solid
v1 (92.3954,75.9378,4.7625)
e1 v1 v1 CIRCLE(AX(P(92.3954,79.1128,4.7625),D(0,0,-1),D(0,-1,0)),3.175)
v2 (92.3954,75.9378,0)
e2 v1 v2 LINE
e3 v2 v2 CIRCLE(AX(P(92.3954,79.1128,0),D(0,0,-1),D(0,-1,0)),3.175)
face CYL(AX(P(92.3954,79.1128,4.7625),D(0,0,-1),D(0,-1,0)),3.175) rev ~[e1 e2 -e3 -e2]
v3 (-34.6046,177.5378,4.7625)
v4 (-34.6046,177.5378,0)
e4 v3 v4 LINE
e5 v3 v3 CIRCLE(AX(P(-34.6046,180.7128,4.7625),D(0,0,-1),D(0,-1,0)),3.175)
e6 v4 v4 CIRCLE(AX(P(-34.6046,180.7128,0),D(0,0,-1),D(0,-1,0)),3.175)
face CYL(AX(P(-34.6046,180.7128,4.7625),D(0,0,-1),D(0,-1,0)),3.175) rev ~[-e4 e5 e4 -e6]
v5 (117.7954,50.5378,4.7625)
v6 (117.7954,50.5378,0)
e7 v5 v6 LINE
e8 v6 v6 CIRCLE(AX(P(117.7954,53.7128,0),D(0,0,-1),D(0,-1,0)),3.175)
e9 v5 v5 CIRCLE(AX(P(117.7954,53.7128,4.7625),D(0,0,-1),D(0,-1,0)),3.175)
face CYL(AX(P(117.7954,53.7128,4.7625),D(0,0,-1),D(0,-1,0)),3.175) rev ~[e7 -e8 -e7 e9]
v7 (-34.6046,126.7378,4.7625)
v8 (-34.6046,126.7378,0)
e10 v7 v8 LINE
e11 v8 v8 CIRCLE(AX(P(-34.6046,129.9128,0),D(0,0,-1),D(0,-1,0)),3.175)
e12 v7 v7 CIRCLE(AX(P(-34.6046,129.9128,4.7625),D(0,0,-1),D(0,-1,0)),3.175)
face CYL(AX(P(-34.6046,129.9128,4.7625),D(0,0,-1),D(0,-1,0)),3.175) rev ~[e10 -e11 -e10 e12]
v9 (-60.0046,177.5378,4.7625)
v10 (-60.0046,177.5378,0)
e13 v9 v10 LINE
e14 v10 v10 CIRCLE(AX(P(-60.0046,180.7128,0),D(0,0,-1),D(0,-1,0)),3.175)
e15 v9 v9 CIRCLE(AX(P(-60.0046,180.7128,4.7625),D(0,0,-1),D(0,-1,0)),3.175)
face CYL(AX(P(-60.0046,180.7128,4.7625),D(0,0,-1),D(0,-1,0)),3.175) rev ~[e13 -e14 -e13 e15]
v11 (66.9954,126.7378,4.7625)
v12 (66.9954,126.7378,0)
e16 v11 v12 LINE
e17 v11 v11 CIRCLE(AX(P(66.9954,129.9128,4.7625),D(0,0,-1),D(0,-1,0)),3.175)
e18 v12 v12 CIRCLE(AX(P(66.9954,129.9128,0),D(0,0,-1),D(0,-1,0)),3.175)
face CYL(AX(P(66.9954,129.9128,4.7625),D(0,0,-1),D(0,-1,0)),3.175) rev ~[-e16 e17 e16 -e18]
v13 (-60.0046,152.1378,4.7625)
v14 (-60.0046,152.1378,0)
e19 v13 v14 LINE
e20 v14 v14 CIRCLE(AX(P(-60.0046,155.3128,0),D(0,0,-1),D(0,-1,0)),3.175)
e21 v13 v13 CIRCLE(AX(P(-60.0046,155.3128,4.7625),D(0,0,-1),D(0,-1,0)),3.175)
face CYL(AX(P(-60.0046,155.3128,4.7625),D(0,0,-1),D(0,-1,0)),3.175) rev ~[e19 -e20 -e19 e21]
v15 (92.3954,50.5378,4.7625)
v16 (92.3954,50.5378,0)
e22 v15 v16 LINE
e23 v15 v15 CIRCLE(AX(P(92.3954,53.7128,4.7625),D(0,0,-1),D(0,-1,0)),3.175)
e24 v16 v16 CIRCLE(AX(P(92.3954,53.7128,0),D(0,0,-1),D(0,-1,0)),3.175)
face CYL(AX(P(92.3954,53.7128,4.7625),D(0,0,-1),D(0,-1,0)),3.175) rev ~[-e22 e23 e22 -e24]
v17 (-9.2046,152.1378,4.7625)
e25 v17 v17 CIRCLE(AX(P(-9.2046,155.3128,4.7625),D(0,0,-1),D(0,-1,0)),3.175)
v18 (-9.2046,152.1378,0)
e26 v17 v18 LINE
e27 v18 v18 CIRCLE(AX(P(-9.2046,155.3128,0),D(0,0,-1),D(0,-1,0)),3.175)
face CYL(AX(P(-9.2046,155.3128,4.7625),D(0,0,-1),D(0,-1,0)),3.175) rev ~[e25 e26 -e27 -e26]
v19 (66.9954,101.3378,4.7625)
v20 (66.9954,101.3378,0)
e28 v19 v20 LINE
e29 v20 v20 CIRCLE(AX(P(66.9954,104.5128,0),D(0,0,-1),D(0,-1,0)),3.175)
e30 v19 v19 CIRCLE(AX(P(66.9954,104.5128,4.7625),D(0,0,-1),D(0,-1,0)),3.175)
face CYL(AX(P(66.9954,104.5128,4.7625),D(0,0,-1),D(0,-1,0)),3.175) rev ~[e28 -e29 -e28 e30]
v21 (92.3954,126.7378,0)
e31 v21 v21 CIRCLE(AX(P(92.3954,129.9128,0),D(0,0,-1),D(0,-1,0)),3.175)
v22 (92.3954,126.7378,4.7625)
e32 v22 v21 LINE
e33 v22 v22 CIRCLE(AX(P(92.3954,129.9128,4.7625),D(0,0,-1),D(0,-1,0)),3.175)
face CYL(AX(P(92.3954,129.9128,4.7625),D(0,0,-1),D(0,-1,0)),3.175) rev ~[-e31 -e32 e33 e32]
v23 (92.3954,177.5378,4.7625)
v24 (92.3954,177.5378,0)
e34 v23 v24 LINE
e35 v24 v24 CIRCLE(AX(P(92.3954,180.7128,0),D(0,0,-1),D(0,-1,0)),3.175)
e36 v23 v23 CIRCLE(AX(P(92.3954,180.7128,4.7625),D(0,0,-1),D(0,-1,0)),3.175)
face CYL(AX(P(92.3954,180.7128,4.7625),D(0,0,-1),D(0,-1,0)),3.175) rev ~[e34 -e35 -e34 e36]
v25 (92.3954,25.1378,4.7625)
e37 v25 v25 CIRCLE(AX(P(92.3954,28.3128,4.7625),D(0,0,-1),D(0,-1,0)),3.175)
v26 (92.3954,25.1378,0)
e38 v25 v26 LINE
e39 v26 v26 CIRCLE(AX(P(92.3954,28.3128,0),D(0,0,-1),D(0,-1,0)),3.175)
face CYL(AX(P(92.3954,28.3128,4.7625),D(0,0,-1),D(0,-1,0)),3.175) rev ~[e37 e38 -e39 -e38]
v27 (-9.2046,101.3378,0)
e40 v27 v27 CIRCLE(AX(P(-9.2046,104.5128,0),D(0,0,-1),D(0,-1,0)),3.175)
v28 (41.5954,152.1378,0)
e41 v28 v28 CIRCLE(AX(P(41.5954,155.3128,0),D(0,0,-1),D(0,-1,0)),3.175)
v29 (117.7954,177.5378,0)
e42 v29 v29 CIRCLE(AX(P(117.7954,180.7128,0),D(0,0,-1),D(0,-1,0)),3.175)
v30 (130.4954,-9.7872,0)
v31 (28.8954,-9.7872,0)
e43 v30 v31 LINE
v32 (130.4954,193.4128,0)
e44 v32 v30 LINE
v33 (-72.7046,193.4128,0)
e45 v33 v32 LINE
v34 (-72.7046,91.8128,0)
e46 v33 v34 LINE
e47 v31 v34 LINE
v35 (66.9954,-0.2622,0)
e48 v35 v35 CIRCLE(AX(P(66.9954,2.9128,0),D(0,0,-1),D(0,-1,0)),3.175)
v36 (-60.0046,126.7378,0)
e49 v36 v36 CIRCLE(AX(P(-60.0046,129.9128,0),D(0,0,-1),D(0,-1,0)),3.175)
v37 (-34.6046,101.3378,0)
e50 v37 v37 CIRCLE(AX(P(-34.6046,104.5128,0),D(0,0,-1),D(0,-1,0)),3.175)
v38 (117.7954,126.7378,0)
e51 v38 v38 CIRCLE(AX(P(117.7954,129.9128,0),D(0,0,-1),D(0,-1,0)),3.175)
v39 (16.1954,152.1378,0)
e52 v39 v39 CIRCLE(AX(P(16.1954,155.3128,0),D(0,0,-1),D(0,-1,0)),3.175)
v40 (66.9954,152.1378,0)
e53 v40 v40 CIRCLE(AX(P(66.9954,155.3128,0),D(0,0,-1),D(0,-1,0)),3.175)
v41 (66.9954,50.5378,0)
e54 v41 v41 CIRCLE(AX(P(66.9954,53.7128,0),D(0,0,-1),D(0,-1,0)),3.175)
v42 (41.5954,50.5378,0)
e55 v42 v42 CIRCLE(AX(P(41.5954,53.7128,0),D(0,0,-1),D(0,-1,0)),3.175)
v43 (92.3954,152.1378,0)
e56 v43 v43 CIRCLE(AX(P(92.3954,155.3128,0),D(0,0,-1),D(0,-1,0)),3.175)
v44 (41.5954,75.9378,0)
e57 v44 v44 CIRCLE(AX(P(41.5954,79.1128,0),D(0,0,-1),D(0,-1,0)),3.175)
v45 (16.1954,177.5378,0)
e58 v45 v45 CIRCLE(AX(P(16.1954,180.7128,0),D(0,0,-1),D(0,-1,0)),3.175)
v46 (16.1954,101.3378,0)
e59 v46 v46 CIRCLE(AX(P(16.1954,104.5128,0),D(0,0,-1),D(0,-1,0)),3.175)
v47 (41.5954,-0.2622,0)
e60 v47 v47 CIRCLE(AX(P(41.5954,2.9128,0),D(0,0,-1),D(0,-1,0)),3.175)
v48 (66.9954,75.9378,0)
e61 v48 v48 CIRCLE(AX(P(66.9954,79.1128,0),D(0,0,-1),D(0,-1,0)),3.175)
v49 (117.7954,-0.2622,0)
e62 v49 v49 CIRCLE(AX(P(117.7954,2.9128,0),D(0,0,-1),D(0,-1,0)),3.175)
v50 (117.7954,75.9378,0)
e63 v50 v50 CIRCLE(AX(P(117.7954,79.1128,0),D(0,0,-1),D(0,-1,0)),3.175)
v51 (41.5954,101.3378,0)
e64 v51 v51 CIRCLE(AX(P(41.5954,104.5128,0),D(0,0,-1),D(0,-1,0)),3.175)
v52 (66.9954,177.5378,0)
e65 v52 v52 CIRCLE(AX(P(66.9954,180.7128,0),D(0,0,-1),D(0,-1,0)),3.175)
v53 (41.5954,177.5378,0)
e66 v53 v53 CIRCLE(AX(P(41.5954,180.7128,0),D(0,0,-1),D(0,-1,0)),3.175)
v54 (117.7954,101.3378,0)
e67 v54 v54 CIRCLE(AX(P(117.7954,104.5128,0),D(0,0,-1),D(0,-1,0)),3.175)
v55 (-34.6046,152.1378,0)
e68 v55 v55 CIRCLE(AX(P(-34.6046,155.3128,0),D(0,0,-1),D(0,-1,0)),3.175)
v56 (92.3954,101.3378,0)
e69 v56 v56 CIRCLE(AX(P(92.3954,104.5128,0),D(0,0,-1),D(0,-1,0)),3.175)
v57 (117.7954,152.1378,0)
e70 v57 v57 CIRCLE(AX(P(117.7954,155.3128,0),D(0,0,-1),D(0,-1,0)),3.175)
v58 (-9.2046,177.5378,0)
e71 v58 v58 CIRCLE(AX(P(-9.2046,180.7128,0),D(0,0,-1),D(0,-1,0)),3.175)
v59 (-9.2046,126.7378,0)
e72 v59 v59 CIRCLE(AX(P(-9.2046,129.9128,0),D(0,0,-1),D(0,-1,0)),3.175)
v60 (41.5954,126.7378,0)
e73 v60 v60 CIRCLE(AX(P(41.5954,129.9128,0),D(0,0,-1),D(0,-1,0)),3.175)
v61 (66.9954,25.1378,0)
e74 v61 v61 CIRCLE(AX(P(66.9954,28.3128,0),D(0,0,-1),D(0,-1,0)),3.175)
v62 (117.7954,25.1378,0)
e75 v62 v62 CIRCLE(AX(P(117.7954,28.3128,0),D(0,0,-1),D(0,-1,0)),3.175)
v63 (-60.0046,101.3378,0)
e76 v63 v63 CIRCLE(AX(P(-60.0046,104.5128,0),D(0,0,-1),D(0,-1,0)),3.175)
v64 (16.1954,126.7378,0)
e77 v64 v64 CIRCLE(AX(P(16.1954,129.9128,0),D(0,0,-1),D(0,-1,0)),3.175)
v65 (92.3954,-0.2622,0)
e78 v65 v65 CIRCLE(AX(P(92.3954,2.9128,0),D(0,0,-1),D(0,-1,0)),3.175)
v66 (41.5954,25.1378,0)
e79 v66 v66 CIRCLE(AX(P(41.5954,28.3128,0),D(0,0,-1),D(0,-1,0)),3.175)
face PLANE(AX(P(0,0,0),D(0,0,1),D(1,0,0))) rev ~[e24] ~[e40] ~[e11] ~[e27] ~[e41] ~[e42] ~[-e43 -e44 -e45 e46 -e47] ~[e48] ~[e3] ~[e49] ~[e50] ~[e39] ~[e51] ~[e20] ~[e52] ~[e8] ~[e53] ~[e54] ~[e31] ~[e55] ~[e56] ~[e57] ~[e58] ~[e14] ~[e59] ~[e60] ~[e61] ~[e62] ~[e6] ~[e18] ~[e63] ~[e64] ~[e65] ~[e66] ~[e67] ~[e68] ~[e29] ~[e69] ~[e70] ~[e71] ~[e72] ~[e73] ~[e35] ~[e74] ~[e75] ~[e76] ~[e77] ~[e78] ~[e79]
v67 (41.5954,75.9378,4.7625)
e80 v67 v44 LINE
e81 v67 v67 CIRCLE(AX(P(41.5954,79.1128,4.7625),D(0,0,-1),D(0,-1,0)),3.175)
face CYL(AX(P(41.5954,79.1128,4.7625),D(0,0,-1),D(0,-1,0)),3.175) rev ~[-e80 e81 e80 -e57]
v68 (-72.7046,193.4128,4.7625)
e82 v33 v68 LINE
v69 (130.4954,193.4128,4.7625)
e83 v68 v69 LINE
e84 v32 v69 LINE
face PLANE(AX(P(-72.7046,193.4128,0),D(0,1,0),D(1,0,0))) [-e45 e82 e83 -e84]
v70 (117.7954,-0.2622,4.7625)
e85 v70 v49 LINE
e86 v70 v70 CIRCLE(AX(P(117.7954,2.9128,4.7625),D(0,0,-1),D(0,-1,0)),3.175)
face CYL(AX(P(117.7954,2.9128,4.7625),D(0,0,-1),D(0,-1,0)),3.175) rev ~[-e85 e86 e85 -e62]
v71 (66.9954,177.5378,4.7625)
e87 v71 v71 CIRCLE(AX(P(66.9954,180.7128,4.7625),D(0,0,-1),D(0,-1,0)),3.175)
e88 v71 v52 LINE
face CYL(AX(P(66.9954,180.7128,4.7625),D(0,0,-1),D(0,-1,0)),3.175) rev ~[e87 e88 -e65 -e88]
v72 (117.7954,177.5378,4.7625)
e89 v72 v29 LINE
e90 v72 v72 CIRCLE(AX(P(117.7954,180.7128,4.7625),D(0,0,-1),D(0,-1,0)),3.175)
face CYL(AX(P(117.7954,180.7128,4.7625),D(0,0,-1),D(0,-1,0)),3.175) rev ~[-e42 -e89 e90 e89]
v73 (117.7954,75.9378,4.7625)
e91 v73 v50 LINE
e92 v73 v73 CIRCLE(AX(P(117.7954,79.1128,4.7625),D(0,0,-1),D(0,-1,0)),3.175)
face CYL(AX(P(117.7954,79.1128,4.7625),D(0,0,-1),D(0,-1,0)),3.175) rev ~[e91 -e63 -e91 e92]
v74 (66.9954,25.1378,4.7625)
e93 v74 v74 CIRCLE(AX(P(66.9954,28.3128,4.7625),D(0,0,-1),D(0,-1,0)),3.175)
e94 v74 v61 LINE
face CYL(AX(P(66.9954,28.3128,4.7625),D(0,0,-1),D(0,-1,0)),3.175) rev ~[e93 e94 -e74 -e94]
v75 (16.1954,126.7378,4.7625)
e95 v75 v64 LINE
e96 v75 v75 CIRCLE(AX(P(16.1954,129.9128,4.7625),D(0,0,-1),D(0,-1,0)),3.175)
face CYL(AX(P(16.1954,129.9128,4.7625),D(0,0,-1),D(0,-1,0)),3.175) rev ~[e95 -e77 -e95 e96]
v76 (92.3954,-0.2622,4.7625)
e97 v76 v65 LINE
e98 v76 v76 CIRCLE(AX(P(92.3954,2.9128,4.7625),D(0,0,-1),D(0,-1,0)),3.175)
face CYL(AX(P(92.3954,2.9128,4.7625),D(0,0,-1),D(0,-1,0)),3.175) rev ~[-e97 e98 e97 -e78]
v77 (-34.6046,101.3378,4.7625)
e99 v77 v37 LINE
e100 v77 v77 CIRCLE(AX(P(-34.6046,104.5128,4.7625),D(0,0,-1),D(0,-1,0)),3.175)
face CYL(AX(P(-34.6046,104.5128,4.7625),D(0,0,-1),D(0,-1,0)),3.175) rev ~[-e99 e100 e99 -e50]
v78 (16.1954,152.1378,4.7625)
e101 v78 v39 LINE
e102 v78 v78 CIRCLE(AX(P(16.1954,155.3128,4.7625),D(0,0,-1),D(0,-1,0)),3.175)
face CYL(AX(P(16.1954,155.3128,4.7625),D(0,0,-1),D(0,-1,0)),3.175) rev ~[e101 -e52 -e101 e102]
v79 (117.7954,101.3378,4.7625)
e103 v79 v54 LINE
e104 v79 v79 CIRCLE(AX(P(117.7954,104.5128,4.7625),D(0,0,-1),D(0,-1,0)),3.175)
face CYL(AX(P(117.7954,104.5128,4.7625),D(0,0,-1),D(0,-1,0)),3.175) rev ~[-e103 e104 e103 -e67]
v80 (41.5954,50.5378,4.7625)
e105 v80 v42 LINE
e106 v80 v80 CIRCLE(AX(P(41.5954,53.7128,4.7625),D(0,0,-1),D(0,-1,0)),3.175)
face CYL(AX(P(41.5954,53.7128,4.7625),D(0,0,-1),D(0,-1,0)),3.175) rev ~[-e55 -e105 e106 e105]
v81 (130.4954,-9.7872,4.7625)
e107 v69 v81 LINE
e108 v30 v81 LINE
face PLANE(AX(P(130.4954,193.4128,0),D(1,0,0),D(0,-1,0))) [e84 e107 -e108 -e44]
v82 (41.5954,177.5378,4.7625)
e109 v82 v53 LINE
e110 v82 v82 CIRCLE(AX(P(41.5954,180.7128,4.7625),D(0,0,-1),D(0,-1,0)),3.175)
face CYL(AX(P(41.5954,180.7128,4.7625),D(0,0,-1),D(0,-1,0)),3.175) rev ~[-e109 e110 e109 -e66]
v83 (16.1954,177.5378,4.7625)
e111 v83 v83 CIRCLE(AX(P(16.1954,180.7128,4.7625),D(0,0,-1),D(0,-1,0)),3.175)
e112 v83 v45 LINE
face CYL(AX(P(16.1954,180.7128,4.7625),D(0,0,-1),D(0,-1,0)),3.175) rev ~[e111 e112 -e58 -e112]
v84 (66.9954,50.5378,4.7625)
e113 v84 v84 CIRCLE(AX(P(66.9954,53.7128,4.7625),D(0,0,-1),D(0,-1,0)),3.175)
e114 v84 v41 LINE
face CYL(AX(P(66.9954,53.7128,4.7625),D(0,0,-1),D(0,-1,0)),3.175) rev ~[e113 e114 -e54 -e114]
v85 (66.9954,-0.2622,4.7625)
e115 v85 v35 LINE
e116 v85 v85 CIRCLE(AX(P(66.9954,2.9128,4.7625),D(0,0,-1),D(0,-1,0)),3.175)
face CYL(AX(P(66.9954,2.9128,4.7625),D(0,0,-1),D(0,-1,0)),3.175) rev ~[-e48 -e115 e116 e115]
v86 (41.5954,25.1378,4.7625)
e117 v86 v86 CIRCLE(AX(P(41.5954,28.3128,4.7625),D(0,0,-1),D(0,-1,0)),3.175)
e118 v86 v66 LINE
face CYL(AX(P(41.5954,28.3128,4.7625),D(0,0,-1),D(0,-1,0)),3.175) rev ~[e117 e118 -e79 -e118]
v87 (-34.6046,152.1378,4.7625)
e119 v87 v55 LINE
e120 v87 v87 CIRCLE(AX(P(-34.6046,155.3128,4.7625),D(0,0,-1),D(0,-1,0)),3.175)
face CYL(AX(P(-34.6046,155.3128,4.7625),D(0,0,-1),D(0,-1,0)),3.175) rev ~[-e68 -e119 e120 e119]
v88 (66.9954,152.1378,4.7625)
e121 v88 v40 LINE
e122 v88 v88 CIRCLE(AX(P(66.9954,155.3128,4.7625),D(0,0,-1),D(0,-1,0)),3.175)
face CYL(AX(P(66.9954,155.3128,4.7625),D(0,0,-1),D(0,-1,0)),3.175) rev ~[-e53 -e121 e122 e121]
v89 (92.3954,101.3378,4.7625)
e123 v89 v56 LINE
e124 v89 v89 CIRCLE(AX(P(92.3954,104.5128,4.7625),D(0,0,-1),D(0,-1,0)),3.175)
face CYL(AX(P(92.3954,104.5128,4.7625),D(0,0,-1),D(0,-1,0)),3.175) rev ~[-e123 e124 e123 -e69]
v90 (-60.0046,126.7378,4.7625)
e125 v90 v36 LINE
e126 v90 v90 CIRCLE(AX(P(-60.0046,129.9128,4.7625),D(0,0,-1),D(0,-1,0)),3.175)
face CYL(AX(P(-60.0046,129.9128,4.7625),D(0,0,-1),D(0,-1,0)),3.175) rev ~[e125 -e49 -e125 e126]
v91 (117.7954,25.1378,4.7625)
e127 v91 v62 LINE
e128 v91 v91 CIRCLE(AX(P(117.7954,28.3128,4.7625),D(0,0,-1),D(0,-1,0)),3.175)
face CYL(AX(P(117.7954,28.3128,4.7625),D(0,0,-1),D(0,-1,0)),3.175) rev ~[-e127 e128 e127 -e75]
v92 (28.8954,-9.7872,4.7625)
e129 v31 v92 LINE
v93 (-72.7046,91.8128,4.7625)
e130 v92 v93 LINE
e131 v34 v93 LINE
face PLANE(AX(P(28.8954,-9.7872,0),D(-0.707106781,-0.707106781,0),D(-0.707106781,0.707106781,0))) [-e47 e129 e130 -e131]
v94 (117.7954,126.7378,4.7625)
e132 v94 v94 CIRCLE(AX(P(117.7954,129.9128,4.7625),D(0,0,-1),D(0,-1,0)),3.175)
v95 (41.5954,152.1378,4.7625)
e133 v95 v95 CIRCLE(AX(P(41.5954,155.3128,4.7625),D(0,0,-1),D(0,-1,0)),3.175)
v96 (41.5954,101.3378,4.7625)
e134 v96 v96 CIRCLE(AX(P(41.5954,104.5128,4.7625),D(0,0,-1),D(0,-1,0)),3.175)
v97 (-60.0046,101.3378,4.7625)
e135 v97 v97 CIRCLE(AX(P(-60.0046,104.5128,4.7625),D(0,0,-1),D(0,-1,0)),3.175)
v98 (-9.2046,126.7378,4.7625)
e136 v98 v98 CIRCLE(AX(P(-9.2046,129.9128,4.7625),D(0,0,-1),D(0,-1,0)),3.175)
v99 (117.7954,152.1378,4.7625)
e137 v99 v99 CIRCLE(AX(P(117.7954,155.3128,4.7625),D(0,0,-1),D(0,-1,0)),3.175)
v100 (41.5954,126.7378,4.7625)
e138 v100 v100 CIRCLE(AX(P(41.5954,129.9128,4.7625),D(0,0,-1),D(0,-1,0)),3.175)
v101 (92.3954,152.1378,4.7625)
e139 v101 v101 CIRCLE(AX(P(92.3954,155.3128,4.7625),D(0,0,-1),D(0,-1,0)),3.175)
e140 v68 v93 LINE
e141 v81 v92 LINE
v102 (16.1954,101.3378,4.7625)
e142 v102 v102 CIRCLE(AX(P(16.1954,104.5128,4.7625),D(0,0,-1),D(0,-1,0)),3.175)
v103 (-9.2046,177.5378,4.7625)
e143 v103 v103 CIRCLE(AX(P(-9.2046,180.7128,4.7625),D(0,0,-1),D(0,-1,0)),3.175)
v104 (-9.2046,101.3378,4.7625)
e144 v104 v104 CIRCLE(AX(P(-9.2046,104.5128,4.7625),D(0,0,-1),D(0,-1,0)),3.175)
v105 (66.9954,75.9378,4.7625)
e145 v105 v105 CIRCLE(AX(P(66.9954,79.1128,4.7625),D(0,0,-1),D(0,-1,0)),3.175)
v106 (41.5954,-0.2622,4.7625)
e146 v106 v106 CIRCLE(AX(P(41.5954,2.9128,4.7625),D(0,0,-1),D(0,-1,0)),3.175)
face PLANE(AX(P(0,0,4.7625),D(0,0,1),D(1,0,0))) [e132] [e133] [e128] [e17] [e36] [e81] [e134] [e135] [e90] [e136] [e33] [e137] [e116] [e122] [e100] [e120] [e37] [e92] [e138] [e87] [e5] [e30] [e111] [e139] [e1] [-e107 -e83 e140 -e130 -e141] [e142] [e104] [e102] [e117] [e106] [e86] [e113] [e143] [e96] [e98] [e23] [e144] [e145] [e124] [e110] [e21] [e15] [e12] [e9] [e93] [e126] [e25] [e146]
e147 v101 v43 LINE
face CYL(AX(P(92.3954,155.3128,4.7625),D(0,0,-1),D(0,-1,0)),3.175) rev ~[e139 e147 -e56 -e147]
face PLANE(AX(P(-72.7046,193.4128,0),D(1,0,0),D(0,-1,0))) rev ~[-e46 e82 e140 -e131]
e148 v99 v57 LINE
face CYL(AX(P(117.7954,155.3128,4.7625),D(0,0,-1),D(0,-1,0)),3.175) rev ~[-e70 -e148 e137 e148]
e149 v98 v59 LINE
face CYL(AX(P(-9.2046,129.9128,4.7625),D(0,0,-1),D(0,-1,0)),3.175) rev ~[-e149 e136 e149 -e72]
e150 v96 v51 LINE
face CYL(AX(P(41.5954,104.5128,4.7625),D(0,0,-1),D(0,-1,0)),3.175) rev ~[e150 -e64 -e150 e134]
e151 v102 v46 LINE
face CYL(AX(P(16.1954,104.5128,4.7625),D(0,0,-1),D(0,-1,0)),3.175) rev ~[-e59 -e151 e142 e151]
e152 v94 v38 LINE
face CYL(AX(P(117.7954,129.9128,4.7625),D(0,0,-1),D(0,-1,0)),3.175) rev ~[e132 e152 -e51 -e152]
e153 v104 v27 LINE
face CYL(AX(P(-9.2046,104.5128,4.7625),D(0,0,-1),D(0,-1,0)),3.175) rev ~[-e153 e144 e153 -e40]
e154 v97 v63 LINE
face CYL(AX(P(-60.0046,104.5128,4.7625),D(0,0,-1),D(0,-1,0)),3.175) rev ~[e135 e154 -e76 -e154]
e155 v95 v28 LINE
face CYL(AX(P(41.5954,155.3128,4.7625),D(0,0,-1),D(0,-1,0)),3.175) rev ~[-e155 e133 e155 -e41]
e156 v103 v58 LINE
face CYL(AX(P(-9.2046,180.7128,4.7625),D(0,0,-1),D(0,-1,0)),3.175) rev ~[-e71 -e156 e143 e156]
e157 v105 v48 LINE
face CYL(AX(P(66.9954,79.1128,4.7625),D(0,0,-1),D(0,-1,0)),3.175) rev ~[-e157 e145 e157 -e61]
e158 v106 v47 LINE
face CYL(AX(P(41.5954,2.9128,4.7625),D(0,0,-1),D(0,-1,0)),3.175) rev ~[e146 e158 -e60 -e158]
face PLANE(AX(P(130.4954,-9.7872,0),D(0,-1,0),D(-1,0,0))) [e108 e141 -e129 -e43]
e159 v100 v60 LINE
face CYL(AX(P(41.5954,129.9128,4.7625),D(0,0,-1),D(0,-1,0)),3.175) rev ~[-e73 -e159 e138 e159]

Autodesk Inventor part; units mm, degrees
ref_plane "YZ Plane" through (0, 0, 0) normal (1, 0, 0) x (0, 1, 0)
ref_plane "XZ Plane" through (0, 0, 0) normal (0, 1, 0) x (-1, 0, 0)
ref_plane "XY Plane" through (0, 0, 0) normal (0, 0, 1) x (1, 0, 0)
sketch "Sketch1" plane through (0, 0, 0) normal (0, 0, 1) x (1, 0, 0)
  line L0 (-72.7046, 193.4128) -> (-72.7046, 91.8128)
  line L1 (-72.7046, 193.4128) -> (130.4954, 193.4128)
  line L2 (130.4954, 193.4128) -> (130.4954, -9.7872)
  line L3 (130.4954, -9.7872) -> (28.8954, -9.7872)
  line L4 (28.8954, -9.7872) -> (-72.7046, 91.8128)
  point P0 (0, 0)
  dimension "d0" = 101.6
  dimension "d1" = 101.6
  dimension "d2" = 203.2
  dimension "d3" = 203.2
extrude "Extrusion1" add sketch "Sketch1" along normal blind 4.7625
sketch "Sketch2" plane through (0, 0, 4.7625) normal (0, 0, 1) x (1, 0, 0)
  line L0 (-72.7046, 193.4128) -> (-72.7046, 91.8128) projected
  line L1 (28.8954, -9.7872) -> (130.4954, -9.7872) projected
  line L2 (130.4954, -9.7872) -> (130.4954, 193.4128) projected
  line L3 (130.4954, 193.4128) -> (-72.7046, 193.4128) projected
  point P0 (0, 0)
  point P1 (-60.0046, 180.7128)
  point P2 (-34.6046, 180.7128)
  point P3 (-60.0046, 155.3128)
  point P4 (-34.6046, 155.3128)
  point P5 (-60.0046, 129.9128)
  point P6 (-34.6046, 129.9128)
  point P7 (-60.0046, 104.5128)
  point P8 (-34.6046, 104.5128)
  point P9 (117.7954, 79.1128)
  point P10 (117.7954, 53.7128)
  point P11 (92.3954, 79.1128)
  point P12 (92.3954, 53.7128)
  point P13 (-9.2046, 180.7128)
  point P14 (-9.2046, 155.3128)
  point P15 (-9.2046, 129.9128)
  point P16 (-9.2046, 104.5128)
  point P17 (16.1954, 180.7128)
  point P18 (16.1954, 155.3128)
  point P19 (16.1954, 129.9128)
  point P20 (16.1954, 104.5128)
  point P21 (41.5954, 180.7128)
  point P22 (41.5954, 155.3128)
  point P23 (41.5954, 129.9128)
  point P24 (41.5954, 104.5128)
  point P25 (66.9954, 180.7128)
  point P26 (66.9954, 155.3128)
  point P27 (66.9954, 129.9128)
  point P28 (66.9954, 104.5128)
  point P29 (92.3954, 180.7128)
  point P30 (92.3954, 155.3128)
  point P31 (92.3954, 129.9128)
  point P32 (92.3954, 104.5128)
  point P33 (117.7954, 180.7128)
  point P34 (117.7954, 155.3128)
  point P35 (117.7954, 129.9128)
  point P36 (117.7954, 104.5128)
  point P37 (117.7954, 28.3128)
  point P38 (92.3954, 28.3128)
  point P39 (117.7954, 2.9128)
  point P40 (92.3954, 2.9128)
  point P41 (66.9954, 79.1128)
  point P42 (66.9954, 53.7128)
  point P43 (66.9954, 28.3128)
  point P44 (66.9954, 2.9128)
  point P45 (41.5954, 79.1128)
  point P46 (41.5954, 53.7128)
  point P47 (41.5954, 28.3128)
  point P48 (41.5954, 2.9128)
  dimension "d8" = 25.4
  dimension "d11" = 25.4
  dimension "d17" = 25.4
  dimension "d20" = 25.4
  dimension "d26" = 12.7
  dimension "d27" = 12.7
  dimension "d28" = 25.4
hole "Hole1" at (-60.0046, 180.7128, 4.7625) at (-34.6046, 180.7128, 4.7625) at (-60.0046, 155.3128, 4.7625) at (-34.6046, 155.3128, 4.7625) at (-60.0046, 129.9128, 4.7625) at (-34.6046, 129.9128, 4.7625) at (-60.0046, 104.5128, 4.7625) at (-34.6046, 104.5128, 4.7625) at (117.7954, 79.1128, 4.7625) at (117.7954, 53.7128, 4.7625) at (92.3954, 79.1128, 4.7625) at (92.3954, 53.7128, 4.7625) at (-9.2046, 180.7128, 4.7625) at (-9.2046, 155.3128, 4.7625) at (-9.2046, 129.9128, 4.7625) at (-9.2046, 104.5128, 4.7625) at (16.1954, 180.7128, 4.7625) at (16.1954, 155.3128, 4.7625) at (16.1954, 129.9128, 4.7625) at (16.1954, 104.5128, 4.7625) at (41.5954, 180.7128, 4.7625) at (41.5954, 155.3128, 4.7625) at (41.5954, 129.9128, 4.7625) at (41.5954, 104.5128, 4.7625) at (66.9954, 180.7128, 4.7625) at (66.9954, 155.3128, 4.7625) at (66.9954, 129.9128, 4.7625) at (66.9954, 104.5128, 4.7625) at (92.3954, 180.7128, 4.7625) at (92.3954, 155.3128, 4.7625) at (92.3954, 129.9128, 4.7625) at (92.3954, 104.5128, 4.7625) at (117.7954, 180.7128, 4.7625) at (117.7954, 155.3128, 4.7625) at (117.7954, 129.9128, 4.7625) at (117.7954, 104.5128, 4.7625) at (117.7954, 28.3128, 4.7625) at (92.3954, 28.3128, 4.7625) at (117.7954, 2.9128, 4.7625) at (92.3954, 2.9128, 4.7625) at (66.9954, 79.1128, 4.7625) at (66.9954, 53.7128, 4.7625) at (66.9954, 28.3128, 4.7625) at (66.9954, 2.9128, 4.7625) at (41.5954, 79.1128, 4.7625) at (41.5954, 53.7128, 4.7625) at (41.5954, 28.3128, 4.7625) at (41.5954, 2.9128, 4.7625) direction (0, 0, -1) diameter 6.35 end through all
equation "\"d1\" = d0"
equation "\"d3\" = d2"
properties part number "2040-2040_mounting_plate"
